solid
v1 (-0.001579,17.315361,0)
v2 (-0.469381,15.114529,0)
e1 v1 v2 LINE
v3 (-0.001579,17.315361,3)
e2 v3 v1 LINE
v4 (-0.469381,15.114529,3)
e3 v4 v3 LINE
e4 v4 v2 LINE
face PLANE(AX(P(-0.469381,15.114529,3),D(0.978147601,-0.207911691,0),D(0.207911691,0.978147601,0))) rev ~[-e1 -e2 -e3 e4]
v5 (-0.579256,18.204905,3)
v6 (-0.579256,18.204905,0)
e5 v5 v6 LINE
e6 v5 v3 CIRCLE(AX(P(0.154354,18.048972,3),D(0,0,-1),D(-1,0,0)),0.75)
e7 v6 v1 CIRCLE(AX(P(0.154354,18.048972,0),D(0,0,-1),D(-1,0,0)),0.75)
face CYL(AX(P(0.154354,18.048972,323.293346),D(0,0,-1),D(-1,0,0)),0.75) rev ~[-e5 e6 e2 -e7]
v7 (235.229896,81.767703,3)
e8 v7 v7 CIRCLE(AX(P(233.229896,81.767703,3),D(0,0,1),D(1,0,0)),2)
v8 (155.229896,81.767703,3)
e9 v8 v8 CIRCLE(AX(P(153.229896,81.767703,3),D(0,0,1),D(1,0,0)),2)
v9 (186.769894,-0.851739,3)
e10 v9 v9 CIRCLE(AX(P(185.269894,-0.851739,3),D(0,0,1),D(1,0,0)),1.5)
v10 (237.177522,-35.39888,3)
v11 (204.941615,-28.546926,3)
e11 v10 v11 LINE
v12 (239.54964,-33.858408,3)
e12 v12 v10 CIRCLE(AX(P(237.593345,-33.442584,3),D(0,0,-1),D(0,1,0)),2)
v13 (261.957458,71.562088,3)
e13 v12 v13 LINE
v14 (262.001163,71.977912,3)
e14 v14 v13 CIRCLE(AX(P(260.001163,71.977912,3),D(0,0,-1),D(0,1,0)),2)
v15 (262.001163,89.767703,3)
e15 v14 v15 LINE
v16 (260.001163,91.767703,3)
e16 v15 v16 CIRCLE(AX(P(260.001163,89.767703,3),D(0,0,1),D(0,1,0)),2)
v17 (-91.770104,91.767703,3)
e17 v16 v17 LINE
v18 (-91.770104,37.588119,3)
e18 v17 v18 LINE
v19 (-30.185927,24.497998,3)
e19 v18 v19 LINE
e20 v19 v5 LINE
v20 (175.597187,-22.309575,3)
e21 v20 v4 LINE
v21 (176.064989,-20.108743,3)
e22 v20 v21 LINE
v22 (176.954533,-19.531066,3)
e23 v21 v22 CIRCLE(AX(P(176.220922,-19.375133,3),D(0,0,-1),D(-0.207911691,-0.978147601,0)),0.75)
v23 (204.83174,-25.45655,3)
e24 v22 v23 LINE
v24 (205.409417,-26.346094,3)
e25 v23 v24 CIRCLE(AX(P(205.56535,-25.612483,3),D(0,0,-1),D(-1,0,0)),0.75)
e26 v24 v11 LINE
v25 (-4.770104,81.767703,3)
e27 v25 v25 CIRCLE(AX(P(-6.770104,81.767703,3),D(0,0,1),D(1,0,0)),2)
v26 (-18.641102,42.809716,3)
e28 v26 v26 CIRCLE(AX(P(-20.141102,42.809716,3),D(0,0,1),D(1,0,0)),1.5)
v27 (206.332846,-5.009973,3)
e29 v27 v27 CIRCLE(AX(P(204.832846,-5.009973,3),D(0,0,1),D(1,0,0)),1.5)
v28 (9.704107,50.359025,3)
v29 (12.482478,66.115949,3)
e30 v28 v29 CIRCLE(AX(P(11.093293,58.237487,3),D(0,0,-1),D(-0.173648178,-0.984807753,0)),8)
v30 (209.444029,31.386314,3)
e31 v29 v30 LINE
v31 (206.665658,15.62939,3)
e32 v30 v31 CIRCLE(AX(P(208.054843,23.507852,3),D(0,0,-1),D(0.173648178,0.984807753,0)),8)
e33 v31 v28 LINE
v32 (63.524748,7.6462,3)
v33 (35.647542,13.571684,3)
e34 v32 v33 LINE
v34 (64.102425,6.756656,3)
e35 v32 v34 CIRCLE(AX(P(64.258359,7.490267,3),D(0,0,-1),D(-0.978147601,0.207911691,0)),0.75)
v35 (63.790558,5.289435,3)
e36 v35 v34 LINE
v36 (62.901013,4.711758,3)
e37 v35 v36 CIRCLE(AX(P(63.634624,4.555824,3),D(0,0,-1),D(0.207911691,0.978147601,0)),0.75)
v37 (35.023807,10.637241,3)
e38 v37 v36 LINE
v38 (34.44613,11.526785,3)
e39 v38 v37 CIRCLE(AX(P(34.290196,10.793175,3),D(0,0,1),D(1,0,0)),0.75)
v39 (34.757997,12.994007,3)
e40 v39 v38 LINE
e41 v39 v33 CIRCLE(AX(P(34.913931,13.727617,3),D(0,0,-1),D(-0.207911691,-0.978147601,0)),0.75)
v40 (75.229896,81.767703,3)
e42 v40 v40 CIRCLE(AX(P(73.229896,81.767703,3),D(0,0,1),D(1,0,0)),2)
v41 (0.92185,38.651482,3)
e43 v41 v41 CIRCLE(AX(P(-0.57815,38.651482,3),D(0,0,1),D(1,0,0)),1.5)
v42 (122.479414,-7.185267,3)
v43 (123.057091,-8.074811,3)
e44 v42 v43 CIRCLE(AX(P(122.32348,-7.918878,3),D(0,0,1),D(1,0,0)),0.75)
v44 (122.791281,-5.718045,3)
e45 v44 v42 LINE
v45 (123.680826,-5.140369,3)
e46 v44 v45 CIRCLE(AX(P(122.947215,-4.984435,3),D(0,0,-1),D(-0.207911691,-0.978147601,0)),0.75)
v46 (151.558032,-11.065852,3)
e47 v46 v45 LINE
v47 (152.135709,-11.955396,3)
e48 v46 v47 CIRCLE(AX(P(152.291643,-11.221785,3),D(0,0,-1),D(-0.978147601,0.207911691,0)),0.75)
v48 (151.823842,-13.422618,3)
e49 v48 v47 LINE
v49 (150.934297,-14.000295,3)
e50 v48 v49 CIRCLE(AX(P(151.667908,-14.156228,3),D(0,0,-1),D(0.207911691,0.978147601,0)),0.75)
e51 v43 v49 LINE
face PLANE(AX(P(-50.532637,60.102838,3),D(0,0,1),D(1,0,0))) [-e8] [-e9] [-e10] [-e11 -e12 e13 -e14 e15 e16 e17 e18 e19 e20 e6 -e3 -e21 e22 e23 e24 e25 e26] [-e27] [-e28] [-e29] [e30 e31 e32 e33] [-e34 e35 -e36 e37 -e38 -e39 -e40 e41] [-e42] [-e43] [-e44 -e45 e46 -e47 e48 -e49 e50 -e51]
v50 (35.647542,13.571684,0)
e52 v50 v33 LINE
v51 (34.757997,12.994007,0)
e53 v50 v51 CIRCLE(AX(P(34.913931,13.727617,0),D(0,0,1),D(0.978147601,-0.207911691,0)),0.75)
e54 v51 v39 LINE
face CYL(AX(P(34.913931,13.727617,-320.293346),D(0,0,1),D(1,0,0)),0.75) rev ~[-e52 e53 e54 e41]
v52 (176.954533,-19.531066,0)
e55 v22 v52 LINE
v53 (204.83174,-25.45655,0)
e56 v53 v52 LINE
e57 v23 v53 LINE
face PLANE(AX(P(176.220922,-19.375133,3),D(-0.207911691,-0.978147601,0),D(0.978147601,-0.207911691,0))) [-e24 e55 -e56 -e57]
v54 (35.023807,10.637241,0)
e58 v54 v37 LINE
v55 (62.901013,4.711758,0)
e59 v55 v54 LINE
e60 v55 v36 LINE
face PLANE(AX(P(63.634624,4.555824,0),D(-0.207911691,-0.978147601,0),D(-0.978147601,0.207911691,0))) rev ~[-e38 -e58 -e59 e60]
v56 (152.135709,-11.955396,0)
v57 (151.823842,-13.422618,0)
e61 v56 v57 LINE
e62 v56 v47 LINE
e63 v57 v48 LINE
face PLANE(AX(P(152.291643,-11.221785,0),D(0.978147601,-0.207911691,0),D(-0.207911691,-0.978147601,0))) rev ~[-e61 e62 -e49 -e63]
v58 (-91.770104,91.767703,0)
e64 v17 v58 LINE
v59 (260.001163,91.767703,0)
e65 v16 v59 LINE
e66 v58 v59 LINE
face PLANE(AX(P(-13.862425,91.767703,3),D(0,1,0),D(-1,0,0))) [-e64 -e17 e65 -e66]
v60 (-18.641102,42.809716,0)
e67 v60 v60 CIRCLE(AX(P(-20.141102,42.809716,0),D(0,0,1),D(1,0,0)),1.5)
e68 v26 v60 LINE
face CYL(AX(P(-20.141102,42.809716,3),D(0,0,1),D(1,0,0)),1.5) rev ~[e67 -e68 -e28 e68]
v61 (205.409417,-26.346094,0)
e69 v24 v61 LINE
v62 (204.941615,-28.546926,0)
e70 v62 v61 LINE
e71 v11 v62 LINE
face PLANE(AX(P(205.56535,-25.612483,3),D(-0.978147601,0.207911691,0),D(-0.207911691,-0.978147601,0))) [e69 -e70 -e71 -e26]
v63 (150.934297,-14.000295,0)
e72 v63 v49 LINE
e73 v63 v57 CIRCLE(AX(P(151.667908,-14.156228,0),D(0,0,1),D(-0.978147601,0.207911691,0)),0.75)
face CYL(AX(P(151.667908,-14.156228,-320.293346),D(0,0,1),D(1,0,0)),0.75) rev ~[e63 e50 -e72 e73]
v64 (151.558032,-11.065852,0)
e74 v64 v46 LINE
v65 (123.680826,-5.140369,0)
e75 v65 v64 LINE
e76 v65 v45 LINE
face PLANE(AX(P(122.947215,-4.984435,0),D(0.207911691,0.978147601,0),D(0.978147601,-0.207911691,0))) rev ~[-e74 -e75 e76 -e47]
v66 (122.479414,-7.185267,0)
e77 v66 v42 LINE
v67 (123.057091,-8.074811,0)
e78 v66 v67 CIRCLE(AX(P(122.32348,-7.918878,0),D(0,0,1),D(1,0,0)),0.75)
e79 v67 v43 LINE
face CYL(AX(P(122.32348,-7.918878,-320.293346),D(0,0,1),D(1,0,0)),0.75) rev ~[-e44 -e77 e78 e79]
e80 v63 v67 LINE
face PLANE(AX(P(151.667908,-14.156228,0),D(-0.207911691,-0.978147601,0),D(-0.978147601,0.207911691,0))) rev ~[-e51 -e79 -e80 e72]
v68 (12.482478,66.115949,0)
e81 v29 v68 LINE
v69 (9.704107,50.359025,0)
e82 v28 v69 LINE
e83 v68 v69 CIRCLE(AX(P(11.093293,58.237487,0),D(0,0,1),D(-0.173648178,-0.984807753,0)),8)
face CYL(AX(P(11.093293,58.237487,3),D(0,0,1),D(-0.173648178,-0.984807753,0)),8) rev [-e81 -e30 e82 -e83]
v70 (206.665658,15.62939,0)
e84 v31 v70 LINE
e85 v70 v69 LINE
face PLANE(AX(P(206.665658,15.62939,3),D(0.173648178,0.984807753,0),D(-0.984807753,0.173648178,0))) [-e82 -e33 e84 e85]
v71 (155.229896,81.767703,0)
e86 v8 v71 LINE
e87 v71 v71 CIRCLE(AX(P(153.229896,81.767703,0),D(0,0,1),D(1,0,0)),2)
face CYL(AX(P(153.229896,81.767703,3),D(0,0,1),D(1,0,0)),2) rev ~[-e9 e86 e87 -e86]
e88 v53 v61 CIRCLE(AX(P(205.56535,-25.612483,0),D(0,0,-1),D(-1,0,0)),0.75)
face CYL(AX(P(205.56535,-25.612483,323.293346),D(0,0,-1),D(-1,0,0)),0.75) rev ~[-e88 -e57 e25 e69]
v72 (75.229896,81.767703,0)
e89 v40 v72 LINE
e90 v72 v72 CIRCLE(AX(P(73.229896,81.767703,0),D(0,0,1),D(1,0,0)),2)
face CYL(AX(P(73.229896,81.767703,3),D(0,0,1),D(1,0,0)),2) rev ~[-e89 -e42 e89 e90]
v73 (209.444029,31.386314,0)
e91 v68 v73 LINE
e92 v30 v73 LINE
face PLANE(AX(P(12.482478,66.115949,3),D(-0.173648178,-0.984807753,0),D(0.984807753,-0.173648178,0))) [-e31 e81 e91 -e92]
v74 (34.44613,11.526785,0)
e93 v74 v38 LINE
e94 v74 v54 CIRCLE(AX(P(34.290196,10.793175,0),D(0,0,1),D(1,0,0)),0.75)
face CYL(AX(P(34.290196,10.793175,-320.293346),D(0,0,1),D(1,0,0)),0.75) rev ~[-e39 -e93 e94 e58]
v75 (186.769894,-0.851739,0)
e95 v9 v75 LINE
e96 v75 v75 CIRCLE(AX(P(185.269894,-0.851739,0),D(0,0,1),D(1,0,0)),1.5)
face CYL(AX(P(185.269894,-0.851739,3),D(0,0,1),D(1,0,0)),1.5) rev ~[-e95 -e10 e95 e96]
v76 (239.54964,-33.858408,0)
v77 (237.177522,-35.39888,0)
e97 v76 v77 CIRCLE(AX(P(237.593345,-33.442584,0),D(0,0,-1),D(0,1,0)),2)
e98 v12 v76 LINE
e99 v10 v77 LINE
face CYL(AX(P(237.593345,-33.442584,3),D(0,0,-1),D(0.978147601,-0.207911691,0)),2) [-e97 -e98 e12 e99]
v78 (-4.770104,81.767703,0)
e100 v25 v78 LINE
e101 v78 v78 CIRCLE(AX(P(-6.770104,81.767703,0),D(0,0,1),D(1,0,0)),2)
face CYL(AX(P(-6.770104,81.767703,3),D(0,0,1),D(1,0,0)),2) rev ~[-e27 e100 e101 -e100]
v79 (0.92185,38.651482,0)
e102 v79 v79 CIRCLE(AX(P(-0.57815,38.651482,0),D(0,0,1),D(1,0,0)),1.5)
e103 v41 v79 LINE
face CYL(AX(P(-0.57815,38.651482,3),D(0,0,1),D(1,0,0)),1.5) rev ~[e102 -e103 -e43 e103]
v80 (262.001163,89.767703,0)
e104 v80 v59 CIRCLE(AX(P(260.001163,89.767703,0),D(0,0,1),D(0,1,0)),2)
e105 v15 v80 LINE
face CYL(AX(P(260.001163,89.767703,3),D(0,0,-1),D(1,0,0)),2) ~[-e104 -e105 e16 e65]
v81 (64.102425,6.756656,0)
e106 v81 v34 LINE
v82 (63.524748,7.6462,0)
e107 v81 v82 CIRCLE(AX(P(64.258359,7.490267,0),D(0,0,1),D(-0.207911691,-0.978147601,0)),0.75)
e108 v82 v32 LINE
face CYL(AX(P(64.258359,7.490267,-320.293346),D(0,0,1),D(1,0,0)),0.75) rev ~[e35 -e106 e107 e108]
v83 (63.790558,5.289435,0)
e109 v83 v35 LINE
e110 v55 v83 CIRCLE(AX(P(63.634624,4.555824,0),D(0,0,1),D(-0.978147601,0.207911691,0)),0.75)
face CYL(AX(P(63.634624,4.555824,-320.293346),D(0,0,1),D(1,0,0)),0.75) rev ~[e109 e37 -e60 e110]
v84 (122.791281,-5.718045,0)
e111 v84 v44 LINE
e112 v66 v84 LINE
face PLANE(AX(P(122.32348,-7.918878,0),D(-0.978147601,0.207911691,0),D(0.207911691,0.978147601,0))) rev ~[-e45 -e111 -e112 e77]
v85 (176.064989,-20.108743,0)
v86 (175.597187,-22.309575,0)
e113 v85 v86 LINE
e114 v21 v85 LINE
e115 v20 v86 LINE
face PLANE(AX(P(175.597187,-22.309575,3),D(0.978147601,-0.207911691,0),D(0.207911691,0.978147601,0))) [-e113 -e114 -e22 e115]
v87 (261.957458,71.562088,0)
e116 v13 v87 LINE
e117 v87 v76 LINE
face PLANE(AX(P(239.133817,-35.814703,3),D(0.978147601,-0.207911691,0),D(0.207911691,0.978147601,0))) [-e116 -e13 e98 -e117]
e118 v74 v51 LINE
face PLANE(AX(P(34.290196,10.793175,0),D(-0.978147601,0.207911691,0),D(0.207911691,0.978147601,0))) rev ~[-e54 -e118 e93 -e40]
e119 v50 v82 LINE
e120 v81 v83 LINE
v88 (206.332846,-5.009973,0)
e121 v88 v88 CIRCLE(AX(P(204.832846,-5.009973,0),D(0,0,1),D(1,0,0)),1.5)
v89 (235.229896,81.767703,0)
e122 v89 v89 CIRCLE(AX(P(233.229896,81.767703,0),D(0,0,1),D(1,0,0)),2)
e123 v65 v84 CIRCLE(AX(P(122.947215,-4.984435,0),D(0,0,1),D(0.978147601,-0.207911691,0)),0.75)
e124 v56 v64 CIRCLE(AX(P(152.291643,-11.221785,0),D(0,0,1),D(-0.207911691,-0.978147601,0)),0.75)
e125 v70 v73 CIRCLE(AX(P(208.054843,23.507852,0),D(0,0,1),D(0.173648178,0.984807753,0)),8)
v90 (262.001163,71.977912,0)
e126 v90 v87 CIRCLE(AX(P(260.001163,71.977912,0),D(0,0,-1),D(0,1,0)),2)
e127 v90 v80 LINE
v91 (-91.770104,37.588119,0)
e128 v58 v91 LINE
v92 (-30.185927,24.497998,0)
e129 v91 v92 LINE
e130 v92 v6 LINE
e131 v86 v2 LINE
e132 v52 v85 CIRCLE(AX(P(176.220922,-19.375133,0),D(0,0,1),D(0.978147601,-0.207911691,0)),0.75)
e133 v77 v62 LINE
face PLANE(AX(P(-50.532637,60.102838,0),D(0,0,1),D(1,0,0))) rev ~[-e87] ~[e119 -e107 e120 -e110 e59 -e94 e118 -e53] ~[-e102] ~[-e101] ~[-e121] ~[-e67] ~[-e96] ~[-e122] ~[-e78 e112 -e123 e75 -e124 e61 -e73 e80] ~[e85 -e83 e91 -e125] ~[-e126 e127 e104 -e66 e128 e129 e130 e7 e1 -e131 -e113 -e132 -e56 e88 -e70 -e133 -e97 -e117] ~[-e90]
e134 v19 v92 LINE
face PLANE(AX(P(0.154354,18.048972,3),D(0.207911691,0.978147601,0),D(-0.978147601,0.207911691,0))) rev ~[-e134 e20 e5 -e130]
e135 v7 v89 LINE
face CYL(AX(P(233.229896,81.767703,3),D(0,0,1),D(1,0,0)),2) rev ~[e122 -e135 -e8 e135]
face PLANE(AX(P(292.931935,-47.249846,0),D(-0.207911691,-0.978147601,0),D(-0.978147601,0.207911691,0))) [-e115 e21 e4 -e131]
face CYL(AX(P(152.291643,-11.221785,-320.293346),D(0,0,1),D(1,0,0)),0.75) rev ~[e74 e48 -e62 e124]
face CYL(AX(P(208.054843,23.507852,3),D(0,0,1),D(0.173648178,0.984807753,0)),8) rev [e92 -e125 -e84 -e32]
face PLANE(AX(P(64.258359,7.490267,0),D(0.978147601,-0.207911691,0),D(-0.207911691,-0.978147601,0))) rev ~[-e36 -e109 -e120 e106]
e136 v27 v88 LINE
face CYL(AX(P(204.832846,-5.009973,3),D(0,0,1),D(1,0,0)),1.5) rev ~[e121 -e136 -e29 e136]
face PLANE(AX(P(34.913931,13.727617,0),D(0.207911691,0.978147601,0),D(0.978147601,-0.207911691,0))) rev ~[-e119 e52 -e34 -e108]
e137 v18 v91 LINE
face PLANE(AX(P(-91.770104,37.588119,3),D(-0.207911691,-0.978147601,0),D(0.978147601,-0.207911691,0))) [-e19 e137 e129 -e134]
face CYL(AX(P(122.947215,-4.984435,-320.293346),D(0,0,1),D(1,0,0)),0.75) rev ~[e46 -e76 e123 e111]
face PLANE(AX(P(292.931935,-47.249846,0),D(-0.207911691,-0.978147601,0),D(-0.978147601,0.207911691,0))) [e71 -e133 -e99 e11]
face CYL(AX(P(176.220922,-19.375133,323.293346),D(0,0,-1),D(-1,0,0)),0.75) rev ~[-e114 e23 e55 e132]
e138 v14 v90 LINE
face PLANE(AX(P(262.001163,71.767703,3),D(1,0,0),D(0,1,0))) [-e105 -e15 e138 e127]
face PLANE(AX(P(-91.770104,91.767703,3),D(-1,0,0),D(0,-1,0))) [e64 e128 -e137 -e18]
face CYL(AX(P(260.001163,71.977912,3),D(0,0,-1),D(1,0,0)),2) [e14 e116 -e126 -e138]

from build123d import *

# Parameters (mm, degrees)
EXTRUDE_1_DEPTH      = 3
CUT_EXTRUDE_2_DEPTH  = 10
CUT_EXTRUDE_6_DEPTH  = 4
SKETCH_12_W          = 293.771267283
SKETCH_12_H          = 20
EXTRUDE_2_DEPTH      = 3
SKETCH_13_R          = 2
CUT_EXTRUDE_9_DEPTH  = 4
CUT_EXTRUDE_10_DEPTH = 10
MM_2_D               = 1.5
CUT_EXTRUDE_11_DEPTH = 4
MM_3_D               = 1.5
FILLET_1_R           = 2
EXTRUDE_3_DEPTH      = 3
SKETCH_4_R           = 1.5
CUT_EXTRUDE_3_DEPTH  = 10


with BuildPart() as part:
    # 草图1 → 凸台-拉伸1 (new body)
    with BuildSketch(Plane.XY):
        Polygon((-31.770103996, 71.767703031), (318.229896004, 71.767703031), (292.931935015, -47.249845949), (-31.770103996, 21.767703031), align=None)
    extrude(amount=EXTRUDE_1_DEPTH)

    # 草图3 → 切除-拉伸2 (cut)
    with BuildSketch(Plane.XY.offset(3)):
        Polygon((-0.469380772, 15.114528924), (0.1543543, 18.048971727), (-31.770103996, 24.834724815), (-31.770103996, 21.767703031), align=None)
        Polygon((176.220922432, -19.375132621), (205.565350454, -25.612483345), (204.941615382, -28.546926147), (175.59718736, -22.309575423), align=None)
    extrude(amount=-CUT_EXTRUDE_2_DEPTH, mode=Mode.SUBTRACT)

    # 草图7 → 切除-拉伸6 (cut, through all)
    with BuildSketch(Plane.XY.offset(3)):
        Polygon((292.931935015, -47.249845949), (239.133816975, -35.814702954), (262.001163287, 71.767703031), (318.229896004, 71.767703031), align=None)
    extrude(amount=-CUT_EXTRUDE_6_DEPTH, mode=Mode.SUBTRACT)

    # 草图12 → 凸台-拉伸2 (add)
    with BuildSketch(Plane.XY.offset(3)):
        with Locations((115.115529646, 81.767703031)):
            Rectangle(SKETCH_12_W, SKETCH_12_H)
    extrude(amount=-EXTRUDE_2_DEPTH)

    # 草图13 → 切除-拉伸9 (cut, through all)
    with BuildSketch(Plane.XY.offset(3)):
        with Locations((-6.770103996, 81.767703031)):
            Circle(SKETCH_13_R)
        with Locations((73.229896004, 81.767703031)):
            Circle(SKETCH_13_R)
        with Locations((153.229896004, 81.767703031)):
            Circle(SKETCH_13_R)
        with Locations((233.229896004, 81.767703031)):
            Circle(SKETCH_13_R)
    extrude(amount=-CUT_EXTRUDE_9_DEPTH, mode=Mode.SUBTRACT)

    # 草图14 → 切除-拉伸10 (cut)
    with BuildSketch(Plane.XY.offset(3)):
        with BuildLine():
            Line((12.482478027, 66.115949401), (209.444028629, 31.386313867))
            ThreePointArc((209.444028629, 31.386313867), (215.933305232, 22.118666422), (206.665657786, 15.629389819))
            Line((206.665657786, 15.629389819), (9.704107184, 50.359025353))
            ThreePointArc((9.704107184, 50.359025353), (3.214830581, 59.626672798), (12.482478027, 66.115949401))
        make_face()
    extrude(amount=-CUT_EXTRUDE_10_DEPTH, mode=Mode.SUBTRACT)

    # 大小mm 暗销槽口2 (through all)
    with Locations(Plane.XY.offset(3)):
        with Locations((0.1543543, 18.048971727), (176.220922432, -19.375132621), (205.565350454, -25.612483345)):
            Hole(MM_2_D / 2)

    # 草图18 → 切除-拉伸11 (cut, through all)
    with BuildSketch(Plane(origin=(0, 0, 0), x_dir=(-1, 0, 0), z_dir=(0, 0, -1))):
        Polygon((-152.291642964, -11.221785469), (-151.667907892, -14.156228271), (-122.32347987, -7.918877547), (-122.947214942, -4.984434744), align=None)
        Polygon((-64.258358898, 7.490266705), (-63.634623826, 4.555823902), (-34.290195804, 10.793174627), (-34.913930876, 13.727617429), align=None)
    extrude(amount=-CUT_EXTRUDE_11_DEPTH, mode=Mode.SUBTRACT)

    # 大小mm 暗销槽口3 (through all)
    with Locations(Plane(origin=(0, 0, 0), x_dir=(-1, 0, 0), z_dir=(0, 0, -1))):
        with Locations((-152.291642964, -11.221785469), (-151.667907892, -14.156228271), (-122.32347987, -7.918877547), (-122.947214942, -4.984434744), (-64.258358898, 7.490266705), (-63.634623826, 4.555823902), (-34.290195804, 10.793174627), (-34.913930876, 13.727617429)):
            Hole(MM_3_D / 2)

    # 圆角1
    fillet_1_edges = [part.edges().sort_by_distance(p)[0] for p in [
        (-31.770103996, 24.834724815, 1.5),
        (239.133816975, -35.814702954, 1.5),
        (262.001163287, 71.767703031, 1.5),
        (-31.770103996, 91.767703031, 1.5),
        (262.001163287, 91.767703031, 1.5),
    ]]
    fillet(fillet_1_edges, radius=FILLET_1_R)

    # 草图21 → 凸台-拉伸3 (add)
    with BuildSketch(Plane.XY.offset(3)):
        Polygon((-91.770103996, 37.588118515), (-13.862424826, 21.028330103), (-13.862424826, 91.767703031), (-81.382896655, 91.767703031), (-91.770103996, 91.767703031), align=None)
    extrude(amount=-EXTRUDE_3_DEPTH)

    # 草图4 → 切除-拉伸3 (cut)
    with BuildSketch(Plane.XY.offset(3)):
        with Locations((-20.141101902, 42.809716012)):
            Circle(SKETCH_4_R)
        with Locations((-0.578149887, 38.651482195)):
            Circle(SKETCH_4_R)
        with Locations((185.269894252, -0.85173906)):
            Circle(SKETCH_4_R)
        with Locations((204.832846267, -5.009972876)):
            Circle(SKETCH_4_R)
    extrude(amount=-CUT_EXTRUDE_3_DEPTH, mode=Mode.SUBTRACT)


solid = part.part
